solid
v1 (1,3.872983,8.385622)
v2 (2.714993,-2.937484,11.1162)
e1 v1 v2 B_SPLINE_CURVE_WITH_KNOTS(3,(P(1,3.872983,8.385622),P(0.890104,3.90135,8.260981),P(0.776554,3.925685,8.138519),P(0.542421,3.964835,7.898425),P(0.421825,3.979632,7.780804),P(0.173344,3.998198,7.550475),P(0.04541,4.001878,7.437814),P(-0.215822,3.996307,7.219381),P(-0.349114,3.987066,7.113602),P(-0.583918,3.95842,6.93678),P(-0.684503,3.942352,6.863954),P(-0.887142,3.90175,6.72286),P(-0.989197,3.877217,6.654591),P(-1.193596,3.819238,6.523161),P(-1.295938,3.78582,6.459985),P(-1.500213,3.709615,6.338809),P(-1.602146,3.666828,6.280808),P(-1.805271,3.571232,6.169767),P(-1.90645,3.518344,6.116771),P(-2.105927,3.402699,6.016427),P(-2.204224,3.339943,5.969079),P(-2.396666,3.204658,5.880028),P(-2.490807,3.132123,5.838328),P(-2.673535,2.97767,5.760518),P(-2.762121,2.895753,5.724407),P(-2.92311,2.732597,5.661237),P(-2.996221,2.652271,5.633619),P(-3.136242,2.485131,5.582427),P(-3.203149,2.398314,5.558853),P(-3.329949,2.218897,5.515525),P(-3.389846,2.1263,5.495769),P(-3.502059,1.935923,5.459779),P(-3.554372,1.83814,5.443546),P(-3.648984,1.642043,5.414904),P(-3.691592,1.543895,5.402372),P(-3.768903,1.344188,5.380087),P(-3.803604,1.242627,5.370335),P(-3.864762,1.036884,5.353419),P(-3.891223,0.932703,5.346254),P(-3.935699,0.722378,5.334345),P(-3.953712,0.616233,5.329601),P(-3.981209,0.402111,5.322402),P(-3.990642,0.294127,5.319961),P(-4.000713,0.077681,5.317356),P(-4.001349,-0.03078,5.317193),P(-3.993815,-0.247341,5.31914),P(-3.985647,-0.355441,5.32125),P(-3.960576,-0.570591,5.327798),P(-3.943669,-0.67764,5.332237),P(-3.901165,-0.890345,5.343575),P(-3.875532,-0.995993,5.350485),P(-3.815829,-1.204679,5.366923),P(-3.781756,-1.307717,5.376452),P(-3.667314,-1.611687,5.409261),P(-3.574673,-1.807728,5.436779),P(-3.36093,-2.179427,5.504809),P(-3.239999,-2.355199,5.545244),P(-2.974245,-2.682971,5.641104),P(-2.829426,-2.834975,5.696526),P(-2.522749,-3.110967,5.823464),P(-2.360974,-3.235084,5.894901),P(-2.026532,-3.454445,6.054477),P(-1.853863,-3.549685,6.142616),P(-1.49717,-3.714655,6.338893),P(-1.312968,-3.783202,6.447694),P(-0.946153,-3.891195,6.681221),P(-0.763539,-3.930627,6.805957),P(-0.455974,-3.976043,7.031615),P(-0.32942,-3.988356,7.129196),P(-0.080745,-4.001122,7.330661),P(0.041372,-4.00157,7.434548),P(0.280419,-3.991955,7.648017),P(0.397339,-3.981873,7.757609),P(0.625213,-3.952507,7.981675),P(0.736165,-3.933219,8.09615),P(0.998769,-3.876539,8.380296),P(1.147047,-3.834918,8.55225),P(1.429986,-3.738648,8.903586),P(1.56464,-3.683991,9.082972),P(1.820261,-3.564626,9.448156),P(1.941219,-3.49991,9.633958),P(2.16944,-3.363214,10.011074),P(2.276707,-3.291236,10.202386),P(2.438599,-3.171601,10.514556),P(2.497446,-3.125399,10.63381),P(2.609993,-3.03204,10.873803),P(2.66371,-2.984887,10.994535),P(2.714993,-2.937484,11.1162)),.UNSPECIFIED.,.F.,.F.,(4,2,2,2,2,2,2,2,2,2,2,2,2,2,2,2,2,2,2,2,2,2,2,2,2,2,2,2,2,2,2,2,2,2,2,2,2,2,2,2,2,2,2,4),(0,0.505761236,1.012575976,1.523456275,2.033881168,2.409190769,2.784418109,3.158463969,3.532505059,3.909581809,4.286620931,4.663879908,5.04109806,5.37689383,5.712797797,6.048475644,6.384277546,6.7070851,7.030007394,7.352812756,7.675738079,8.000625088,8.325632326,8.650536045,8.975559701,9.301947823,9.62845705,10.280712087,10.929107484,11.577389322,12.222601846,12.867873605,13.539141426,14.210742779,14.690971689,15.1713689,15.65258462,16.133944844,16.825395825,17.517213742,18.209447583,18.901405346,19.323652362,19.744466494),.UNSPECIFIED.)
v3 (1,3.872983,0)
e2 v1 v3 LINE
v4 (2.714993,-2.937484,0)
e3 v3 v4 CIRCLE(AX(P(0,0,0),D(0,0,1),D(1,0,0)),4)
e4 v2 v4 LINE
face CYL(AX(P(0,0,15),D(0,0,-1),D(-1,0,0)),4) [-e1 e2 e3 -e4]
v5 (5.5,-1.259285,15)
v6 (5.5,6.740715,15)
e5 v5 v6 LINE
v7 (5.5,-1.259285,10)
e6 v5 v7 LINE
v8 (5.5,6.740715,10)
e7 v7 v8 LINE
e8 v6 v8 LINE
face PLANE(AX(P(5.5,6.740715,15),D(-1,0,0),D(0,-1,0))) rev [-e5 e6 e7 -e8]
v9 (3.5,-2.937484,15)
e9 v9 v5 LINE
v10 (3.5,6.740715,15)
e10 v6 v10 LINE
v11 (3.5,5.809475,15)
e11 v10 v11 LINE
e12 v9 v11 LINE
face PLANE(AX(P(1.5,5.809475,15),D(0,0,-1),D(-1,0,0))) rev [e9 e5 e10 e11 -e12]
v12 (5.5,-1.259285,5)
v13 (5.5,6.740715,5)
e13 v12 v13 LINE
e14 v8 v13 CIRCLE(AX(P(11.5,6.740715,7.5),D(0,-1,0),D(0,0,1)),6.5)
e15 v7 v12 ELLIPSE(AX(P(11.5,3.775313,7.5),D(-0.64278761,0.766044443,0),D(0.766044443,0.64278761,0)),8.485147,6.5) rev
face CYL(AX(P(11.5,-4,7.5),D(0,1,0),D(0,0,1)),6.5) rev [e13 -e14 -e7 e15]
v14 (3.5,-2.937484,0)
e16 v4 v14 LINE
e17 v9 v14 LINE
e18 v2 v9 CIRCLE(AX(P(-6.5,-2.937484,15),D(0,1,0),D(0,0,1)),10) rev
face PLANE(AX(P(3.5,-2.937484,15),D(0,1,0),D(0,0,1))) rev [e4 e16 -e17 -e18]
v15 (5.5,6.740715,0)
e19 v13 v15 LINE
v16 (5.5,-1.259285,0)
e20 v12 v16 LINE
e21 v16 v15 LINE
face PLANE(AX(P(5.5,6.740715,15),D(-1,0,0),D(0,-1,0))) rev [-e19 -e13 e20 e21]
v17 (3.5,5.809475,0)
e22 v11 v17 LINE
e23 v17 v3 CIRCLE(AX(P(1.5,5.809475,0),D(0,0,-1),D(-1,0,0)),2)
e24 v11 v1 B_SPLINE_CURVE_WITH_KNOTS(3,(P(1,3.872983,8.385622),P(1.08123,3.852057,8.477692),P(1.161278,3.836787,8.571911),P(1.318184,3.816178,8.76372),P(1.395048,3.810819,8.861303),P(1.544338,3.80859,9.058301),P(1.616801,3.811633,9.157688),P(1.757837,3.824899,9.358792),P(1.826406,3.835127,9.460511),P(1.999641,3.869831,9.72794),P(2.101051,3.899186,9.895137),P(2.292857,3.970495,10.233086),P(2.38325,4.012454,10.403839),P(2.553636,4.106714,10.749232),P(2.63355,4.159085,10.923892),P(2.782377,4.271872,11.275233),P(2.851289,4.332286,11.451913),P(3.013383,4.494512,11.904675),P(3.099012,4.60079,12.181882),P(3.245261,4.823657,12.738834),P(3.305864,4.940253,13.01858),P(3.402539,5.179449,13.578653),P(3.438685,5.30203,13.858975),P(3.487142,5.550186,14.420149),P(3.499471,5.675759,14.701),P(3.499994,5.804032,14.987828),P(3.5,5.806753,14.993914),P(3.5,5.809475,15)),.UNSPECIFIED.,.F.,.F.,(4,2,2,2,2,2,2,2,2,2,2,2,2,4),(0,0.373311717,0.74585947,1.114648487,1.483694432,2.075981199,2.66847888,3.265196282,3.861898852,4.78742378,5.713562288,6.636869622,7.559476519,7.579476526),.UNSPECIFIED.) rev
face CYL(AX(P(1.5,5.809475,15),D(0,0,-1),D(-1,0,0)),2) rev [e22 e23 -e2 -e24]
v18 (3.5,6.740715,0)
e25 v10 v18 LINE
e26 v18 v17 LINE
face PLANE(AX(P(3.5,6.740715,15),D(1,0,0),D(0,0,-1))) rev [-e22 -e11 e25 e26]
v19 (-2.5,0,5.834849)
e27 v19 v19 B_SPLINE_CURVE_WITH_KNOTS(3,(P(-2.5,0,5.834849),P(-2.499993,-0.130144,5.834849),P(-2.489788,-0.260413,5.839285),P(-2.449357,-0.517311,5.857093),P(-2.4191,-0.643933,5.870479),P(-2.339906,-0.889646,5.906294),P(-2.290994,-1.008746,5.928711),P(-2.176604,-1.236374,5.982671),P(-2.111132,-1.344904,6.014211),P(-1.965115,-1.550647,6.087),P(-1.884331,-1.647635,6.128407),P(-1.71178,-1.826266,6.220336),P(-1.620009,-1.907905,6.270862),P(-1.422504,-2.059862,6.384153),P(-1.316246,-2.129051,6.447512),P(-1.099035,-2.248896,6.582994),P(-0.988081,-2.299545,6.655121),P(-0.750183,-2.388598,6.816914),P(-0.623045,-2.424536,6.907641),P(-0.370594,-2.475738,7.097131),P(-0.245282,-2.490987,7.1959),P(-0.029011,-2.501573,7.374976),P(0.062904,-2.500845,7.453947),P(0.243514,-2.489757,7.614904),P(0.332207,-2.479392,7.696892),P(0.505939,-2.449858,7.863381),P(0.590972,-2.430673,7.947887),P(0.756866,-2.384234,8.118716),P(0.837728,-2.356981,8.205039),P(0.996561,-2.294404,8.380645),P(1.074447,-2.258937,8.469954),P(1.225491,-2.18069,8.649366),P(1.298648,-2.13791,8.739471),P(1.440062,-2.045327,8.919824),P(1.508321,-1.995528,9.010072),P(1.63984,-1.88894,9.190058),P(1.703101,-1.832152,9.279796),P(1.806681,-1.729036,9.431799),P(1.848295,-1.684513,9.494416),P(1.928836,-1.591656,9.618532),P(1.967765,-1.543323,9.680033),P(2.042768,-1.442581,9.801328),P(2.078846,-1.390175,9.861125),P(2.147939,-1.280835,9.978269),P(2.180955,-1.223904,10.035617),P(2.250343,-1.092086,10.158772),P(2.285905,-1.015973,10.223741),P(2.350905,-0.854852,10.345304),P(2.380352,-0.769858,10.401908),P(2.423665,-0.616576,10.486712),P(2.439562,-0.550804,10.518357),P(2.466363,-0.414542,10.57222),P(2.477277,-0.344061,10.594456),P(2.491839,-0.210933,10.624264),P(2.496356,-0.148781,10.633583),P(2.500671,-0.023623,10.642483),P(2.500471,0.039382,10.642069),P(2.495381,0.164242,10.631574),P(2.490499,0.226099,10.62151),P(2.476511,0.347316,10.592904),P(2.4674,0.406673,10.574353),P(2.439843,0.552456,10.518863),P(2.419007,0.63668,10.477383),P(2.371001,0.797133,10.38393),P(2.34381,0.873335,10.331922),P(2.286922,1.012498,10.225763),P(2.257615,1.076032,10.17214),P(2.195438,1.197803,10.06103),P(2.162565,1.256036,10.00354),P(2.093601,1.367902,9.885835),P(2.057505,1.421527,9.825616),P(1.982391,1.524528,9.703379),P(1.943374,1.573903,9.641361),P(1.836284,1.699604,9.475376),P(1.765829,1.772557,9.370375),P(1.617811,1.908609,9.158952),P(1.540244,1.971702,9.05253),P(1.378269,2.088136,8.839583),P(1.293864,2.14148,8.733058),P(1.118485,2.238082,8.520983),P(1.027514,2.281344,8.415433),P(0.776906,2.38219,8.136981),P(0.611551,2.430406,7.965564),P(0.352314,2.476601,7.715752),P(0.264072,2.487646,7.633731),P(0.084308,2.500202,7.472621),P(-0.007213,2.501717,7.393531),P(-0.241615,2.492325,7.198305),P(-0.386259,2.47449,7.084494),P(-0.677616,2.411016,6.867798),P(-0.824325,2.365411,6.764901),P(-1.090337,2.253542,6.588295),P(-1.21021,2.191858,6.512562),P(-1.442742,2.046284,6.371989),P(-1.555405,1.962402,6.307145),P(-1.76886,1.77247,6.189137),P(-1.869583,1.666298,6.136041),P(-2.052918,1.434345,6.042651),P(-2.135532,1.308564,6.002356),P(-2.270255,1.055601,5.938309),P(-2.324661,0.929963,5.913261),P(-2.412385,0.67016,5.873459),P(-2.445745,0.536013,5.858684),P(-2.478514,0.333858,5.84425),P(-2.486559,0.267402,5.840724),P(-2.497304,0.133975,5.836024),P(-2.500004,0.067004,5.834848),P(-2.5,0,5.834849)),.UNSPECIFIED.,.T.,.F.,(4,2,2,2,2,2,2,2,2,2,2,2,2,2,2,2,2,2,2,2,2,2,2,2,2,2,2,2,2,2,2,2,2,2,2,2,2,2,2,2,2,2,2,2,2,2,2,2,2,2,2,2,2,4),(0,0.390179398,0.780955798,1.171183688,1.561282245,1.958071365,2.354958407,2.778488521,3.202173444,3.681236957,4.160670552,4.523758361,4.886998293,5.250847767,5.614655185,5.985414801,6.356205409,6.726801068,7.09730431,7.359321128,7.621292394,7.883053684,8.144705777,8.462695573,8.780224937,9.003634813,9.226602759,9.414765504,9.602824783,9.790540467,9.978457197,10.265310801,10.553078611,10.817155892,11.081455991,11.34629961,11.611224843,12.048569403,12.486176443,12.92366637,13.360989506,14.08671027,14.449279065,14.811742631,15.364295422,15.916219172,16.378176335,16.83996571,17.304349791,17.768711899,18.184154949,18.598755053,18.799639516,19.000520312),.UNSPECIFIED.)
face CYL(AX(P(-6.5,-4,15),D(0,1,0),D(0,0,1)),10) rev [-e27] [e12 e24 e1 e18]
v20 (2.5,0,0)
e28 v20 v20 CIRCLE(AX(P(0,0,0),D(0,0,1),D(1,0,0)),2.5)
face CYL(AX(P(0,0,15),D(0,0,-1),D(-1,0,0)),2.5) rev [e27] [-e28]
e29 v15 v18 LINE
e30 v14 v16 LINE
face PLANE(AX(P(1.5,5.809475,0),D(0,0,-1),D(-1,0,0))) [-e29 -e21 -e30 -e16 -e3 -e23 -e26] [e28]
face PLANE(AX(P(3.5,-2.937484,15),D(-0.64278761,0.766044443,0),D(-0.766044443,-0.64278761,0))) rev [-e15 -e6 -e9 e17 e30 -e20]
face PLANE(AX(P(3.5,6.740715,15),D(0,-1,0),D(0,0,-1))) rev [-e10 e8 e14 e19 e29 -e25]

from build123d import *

# Parameters (mm, degrees)
SKETCH_1_R          = 2.5
EXTRUDE_1_DEPTH     = 15
SKETCH_2_OUTSIDE_W  = 15.65
SKETCH_2_OUTSIDE_H  = 21.15
CUT_EXTRUDE_1_DEPTH = 11.740715169


with BuildPart() as part:
    # 草圖1 → 填料-伸長1 (new body)
    with BuildSketch(Plane.XY):
        with BuildLine():
            Line((3.5, -2.937484093), (5.5, -1.259284831))
            Line((5.5, -1.259284831), (5.5, 6.740715169))
            Line((5.5, 6.740715169), (3.5, 6.740715169))
            Line((3.5, 6.740715169), (3.5, 5.809475019))
            ThreePointArc((3.5, 5.809475019), (2.724744871, 4.228336189), (1, 3.872983346))
            ThreePointArc((1, 3.872983346), (-3.878905774, -0.976775304), (2.714993039, -2.937484093))
            Line((2.714993039, -2.937484093), (3.5, -2.937484093))
        make_face()
        Circle(SKETCH_1_R, mode=Mode.SUBTRACT)
    extrude(amount=EXTRUDE_1_DEPTH)

    # 草圖2 outside → 除料-伸長1 (cut, through all)
    with BuildSketch(Plane(origin=(0, 6.740715169, 0), x_dir=(1, 0, 0), z_dir=(0, 1, 0))):
        with Locations((0.75, -7.5)):
            Rectangle(SKETCH_2_OUTSIDE_W, SKETCH_2_OUTSIDE_H)
        with BuildLine():
            Line((5.5, -15), (3.5, -15))
            ThreePointArc((3.5, -15), (0.571067812, -7.928932188), (-6.5, -5))
            Line((-6.5, -5), (-4, -5))
            Line((-4, -5), (-4, 0))
            Line((-4, 0), (5.5, 0))
            Line((5.5, 0), (5.5, -5))
            ThreePointArc((5.5, -5), (5, -7.5), (5.5, -10))
            Line((5.5, -10), (5.5, -15))
        make_face(mode=Mode.SUBTRACT)
    extrude(amount=-CUT_EXTRUDE_1_DEPTH, mode=Mode.SUBTRACT)


solid = part.part
